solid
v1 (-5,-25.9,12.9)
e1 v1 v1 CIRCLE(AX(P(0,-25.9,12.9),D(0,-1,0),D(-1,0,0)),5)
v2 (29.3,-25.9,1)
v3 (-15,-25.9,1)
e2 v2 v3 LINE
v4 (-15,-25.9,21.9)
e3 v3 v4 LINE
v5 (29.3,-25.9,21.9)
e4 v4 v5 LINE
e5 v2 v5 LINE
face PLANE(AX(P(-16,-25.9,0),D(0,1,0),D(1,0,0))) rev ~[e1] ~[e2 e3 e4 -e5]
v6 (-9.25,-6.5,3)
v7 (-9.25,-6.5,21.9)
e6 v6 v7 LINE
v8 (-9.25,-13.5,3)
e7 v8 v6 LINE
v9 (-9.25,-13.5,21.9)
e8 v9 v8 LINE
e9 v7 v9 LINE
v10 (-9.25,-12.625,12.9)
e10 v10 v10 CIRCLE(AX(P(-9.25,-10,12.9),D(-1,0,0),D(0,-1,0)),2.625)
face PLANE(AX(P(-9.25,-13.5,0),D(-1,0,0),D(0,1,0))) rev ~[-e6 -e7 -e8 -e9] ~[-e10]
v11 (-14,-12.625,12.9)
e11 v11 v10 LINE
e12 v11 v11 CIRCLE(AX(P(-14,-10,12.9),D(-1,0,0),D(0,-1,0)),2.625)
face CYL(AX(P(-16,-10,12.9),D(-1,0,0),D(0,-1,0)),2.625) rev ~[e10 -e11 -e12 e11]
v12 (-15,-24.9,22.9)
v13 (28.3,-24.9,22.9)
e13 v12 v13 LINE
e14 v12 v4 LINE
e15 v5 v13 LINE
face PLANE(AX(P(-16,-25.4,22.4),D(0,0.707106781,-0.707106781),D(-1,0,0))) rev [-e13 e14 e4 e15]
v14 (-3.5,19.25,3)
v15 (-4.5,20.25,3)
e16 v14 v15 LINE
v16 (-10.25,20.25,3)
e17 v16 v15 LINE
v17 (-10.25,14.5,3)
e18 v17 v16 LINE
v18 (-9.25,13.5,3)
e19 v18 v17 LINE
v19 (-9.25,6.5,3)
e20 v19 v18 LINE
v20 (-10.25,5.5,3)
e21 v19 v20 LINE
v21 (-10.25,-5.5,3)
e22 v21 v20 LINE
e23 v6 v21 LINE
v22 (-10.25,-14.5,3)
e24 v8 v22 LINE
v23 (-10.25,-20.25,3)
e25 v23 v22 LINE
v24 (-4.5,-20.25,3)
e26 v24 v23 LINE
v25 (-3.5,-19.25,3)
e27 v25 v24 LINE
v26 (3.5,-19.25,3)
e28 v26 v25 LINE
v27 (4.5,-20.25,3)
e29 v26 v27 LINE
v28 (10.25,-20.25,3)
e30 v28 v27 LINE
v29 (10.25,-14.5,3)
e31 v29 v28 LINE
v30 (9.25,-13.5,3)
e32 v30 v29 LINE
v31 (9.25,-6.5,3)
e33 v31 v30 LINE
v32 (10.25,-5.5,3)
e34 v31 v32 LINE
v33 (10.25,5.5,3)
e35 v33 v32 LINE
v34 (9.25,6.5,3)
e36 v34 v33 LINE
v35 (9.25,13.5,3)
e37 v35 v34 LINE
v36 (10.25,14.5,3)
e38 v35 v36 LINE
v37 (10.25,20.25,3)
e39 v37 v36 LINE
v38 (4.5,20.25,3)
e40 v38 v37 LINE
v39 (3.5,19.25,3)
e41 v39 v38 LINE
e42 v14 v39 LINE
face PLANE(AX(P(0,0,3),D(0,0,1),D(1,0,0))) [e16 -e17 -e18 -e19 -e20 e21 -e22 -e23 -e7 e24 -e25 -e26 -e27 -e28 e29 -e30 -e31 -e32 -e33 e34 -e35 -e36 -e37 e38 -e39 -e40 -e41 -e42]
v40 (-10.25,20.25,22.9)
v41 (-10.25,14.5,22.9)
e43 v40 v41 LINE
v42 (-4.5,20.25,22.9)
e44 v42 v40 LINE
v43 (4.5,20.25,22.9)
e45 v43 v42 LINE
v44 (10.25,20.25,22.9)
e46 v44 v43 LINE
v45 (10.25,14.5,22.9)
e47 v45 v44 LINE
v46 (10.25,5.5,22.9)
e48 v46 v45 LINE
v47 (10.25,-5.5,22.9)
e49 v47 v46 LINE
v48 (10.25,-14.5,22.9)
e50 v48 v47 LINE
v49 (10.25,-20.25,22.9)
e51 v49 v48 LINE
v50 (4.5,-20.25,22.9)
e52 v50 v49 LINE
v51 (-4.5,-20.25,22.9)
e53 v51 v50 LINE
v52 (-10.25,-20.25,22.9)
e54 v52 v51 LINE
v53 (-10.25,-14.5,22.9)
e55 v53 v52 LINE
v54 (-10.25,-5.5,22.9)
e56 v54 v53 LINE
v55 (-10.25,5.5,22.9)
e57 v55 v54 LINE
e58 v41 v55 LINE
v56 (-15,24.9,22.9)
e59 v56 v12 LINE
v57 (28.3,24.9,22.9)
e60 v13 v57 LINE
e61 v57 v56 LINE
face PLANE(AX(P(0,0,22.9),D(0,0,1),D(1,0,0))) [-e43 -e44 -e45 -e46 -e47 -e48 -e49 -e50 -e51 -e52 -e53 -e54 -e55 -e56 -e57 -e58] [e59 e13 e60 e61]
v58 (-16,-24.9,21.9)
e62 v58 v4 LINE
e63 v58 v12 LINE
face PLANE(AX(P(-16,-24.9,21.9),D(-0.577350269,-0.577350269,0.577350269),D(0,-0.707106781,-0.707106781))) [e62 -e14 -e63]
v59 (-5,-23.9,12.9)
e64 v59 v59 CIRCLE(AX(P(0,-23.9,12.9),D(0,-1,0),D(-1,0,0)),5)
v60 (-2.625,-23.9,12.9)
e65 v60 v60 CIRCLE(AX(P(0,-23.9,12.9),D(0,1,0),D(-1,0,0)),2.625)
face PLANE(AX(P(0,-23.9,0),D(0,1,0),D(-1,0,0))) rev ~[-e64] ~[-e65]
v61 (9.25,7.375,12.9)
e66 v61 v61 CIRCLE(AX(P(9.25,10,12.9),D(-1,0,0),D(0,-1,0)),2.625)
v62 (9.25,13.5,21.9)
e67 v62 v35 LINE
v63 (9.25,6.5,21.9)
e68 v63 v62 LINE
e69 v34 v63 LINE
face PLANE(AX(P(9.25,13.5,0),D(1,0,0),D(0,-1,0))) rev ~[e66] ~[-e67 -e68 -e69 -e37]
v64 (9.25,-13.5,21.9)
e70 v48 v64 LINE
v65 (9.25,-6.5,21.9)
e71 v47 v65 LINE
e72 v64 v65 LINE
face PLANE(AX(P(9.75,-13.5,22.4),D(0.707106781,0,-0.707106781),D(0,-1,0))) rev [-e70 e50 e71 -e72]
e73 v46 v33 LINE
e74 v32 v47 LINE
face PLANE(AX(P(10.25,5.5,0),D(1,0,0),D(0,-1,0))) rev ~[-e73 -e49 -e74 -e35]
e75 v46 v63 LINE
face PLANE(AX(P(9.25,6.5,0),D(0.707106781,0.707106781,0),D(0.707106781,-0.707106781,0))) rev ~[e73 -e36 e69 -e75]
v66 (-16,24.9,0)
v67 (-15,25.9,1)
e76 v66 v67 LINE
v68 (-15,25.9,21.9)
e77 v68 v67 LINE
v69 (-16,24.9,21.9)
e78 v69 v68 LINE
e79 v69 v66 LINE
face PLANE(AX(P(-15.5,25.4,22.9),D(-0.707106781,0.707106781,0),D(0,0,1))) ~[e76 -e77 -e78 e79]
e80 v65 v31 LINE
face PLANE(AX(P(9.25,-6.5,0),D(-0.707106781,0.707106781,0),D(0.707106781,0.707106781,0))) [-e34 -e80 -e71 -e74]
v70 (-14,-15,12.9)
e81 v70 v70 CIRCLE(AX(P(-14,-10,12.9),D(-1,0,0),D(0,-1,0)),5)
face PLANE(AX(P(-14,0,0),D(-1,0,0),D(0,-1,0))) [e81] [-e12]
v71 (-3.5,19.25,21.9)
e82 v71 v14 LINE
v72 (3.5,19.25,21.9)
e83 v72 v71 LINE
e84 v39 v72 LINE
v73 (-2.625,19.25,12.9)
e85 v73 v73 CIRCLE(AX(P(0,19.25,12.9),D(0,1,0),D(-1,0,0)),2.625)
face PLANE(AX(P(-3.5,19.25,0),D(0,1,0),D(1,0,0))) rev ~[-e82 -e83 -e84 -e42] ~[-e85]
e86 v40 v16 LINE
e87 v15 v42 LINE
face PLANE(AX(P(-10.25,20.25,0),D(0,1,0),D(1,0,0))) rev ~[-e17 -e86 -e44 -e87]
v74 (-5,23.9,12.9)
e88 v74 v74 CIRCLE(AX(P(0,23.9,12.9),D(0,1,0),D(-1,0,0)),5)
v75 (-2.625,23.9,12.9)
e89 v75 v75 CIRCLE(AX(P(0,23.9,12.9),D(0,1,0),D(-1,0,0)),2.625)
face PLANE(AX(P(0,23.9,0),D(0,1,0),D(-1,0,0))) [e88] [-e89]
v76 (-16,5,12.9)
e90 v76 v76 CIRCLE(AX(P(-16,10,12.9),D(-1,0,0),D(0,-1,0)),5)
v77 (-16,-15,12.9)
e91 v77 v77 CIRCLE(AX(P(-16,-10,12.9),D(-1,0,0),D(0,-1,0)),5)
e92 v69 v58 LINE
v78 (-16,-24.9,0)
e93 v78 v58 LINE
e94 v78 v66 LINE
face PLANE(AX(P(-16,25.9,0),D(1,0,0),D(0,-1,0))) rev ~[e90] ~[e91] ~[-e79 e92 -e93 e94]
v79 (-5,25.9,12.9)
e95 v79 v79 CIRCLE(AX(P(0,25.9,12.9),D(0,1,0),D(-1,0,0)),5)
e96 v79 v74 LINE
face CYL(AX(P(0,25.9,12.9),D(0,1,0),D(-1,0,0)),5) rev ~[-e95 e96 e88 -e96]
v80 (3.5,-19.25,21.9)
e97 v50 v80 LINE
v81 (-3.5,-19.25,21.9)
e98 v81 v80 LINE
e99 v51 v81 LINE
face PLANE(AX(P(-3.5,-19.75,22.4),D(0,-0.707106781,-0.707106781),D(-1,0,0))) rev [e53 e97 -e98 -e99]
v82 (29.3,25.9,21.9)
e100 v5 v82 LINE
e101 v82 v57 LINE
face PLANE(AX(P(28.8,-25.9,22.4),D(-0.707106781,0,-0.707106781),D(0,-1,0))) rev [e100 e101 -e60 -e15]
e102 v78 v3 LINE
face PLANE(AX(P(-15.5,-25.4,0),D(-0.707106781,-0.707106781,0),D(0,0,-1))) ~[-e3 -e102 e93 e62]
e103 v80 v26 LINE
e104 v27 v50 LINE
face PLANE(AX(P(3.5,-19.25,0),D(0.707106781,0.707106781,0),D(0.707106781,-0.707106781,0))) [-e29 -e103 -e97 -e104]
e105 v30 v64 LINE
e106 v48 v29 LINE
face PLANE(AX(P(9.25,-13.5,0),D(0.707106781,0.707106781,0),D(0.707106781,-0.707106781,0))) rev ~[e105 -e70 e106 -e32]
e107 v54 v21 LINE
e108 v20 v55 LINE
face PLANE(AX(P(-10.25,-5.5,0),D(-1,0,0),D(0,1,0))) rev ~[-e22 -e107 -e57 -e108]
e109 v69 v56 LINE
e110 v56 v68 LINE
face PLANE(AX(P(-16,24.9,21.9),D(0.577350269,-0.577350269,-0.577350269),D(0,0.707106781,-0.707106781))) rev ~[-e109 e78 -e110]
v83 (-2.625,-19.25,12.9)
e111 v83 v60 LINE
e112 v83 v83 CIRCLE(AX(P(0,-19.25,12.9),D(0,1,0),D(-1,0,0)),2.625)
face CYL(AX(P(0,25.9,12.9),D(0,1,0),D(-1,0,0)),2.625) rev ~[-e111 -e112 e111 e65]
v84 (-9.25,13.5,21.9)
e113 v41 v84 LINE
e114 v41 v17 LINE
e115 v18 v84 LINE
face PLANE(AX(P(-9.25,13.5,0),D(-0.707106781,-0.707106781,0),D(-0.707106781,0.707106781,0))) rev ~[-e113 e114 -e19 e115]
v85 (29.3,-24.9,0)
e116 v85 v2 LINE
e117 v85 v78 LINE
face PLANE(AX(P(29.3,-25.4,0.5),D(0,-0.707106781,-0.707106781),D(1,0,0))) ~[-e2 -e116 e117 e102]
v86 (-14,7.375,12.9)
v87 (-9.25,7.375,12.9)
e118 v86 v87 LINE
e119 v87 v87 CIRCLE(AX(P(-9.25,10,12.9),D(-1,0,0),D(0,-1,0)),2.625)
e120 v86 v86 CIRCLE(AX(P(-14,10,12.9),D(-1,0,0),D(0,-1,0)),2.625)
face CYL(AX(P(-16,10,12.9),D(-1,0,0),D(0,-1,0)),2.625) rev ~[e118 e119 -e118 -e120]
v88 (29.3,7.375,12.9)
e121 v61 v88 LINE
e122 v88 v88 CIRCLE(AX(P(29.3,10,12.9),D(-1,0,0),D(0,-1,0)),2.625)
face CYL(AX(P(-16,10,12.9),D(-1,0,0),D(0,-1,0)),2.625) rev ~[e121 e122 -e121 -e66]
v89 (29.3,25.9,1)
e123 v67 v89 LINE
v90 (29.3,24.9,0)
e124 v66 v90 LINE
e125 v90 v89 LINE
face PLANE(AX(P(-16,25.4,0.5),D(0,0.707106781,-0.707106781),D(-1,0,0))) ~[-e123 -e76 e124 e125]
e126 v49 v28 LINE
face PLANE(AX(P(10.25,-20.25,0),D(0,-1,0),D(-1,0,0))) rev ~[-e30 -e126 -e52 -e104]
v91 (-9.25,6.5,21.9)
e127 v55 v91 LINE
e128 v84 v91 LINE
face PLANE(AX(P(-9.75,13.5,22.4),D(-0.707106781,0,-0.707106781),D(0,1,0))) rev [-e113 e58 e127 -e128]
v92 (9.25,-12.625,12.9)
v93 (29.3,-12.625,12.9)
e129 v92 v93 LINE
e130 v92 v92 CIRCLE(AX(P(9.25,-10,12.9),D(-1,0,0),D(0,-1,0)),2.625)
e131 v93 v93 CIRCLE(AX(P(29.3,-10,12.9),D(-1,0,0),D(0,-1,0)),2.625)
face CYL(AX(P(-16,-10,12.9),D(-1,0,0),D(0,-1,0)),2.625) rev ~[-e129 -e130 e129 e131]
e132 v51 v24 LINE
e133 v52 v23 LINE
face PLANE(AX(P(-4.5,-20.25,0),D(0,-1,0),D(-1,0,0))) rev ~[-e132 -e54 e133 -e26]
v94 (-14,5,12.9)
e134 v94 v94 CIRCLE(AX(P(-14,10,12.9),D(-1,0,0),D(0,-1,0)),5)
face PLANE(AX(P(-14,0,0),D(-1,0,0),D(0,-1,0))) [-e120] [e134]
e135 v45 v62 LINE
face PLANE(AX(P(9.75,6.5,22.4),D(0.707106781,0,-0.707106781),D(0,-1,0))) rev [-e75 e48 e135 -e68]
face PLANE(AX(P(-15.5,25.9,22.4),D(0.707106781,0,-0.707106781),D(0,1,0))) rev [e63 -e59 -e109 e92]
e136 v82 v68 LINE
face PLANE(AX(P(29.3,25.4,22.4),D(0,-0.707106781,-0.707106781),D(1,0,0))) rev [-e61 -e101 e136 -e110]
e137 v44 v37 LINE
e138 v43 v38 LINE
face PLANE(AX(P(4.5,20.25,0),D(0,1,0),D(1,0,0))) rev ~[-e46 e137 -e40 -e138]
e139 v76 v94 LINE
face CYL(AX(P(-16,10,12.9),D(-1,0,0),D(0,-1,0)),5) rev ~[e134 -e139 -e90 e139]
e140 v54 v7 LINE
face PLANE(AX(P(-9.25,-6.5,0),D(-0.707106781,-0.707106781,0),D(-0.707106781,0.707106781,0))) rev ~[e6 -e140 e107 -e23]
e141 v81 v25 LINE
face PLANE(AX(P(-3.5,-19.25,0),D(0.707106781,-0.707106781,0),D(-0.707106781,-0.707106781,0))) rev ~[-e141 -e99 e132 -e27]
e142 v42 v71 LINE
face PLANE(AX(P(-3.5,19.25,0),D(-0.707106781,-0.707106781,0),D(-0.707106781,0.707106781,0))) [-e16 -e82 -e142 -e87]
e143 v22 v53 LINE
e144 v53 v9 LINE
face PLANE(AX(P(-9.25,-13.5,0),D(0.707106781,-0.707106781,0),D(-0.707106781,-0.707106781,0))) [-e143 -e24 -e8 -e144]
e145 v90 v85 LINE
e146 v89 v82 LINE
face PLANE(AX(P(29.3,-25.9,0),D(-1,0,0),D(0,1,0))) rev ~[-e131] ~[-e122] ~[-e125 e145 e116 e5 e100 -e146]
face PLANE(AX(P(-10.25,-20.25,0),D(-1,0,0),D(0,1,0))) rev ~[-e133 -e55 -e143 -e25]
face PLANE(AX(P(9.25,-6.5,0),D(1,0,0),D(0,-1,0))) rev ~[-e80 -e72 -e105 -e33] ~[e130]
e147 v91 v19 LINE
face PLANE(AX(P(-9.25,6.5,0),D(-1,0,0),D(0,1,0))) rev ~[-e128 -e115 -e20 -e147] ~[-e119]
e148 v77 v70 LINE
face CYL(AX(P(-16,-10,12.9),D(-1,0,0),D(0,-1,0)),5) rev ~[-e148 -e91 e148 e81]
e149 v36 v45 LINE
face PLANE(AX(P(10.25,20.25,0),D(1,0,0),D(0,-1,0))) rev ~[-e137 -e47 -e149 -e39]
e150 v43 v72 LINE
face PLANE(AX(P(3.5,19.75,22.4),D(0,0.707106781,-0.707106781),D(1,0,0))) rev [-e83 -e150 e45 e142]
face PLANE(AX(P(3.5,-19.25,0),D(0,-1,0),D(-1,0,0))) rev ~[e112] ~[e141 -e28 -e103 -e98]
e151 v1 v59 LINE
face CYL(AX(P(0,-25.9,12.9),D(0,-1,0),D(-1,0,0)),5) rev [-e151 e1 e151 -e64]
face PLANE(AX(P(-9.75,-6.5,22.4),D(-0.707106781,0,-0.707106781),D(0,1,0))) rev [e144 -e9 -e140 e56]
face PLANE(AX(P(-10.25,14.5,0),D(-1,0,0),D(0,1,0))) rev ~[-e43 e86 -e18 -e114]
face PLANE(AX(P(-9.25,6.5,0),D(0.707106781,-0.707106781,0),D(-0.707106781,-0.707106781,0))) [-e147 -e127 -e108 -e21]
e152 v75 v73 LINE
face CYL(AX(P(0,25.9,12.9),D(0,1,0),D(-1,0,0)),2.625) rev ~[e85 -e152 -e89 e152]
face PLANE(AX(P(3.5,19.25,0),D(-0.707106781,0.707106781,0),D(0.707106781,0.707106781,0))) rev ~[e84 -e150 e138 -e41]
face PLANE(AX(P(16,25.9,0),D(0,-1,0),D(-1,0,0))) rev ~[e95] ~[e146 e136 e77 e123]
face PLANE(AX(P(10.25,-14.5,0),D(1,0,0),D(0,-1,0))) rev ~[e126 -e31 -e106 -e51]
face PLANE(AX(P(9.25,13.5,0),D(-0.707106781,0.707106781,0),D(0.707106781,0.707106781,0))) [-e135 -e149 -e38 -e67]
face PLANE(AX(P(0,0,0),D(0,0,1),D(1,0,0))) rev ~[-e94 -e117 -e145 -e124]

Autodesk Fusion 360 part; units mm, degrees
sketch "Main Profile" plane through (0, 0, 0) normal (0, 0, 1) x (1, 0, 0)
  line L0 (10.25, -20.25) -> (-10.25, -20.25)
  line L1 (-10.25, -20.25) -> (-10.25, 20.25)
  line L2 (-10.25, 20.25) -> (10.25, 20.25)
  line L3 (10.25, 20.25) -> (10.25, -20.25)
  line L4 (10.25, -20.25) -> (-10.25, 20.25) construction
  line L5 (-10.25, -20.25) -> (10.25, 20.25) construction
  line L6 (-16, -25.9) -> (16, -25.9)
  line L7 (16, -25.9) -> (16, 25.9)
  line L8 (16, 25.9) -> (-16, 25.9)
  line L9 (-16, 25.9) -> (-16, -25.9)
  line L10 (-16, -25.9) -> (16, 25.9) construction
  line L11 (16, -25.9) -> (-16, 25.9) construction
  line L12 (-3.5, 19.25) -> (3.5, 19.25)
  line L13 (3.5, 19.25) -> (4.5, 20.25)
  line L14 (-3.5, 19.25) -> (-4.5, 20.25)
  line L15 (0, 20.25) -> (0, 19.25) construction
  line L16 (-9.25, 6.5) -> (-9.25, 13.5)
  line L17 (-9.25, 13.5) -> (-10.25, 14.5)
  line L18 (-9.25, 6.5) -> (-10.25, 5.5)
  line L19 (9.25, 13.5) -> (9.25, 6.5)
  line L20 (9.25, 6.5) -> (10.25, 5.5)
  line L21 (9.25, 13.5) -> (10.25, 14.5)
  line L22 (9.25, -13.5) -> (10.25, -14.5)
  line L23 (9.25, -6.5) -> (9.25, -13.5)
  line L24 (9.25, -6.5) -> (10.25, -5.5)
  line L25 (3.5, -19.25) -> (4.5, -20.25)
  line L26 (3.5, -19.25) -> (-3.5, -19.25)
  line L27 (-3.5, -19.25) -> (-4.5, -20.25)
  line L28 (-9.25, -13.5) -> (-10.25, -14.5)
  line L29 (-9.25, -13.5) -> (-9.25, -6.5)
  line L30 (-9.25, -6.5) -> (-10.25, -5.5)
  point P0 (0, 10)
  dimension "d1" = 40.5
  dimension "d2" = 20.5
  dimension "d3" = 32
  dimension "d4" = 51.8
  dimension "d5" = 1
  dimension "d6" = 135
  dimension "d7" = 7
  dimension "d8" = 135
  dimension "d9" = 10.25
  dimension "d11" = 360
  dimension "d13" = 360
extrude "Extrude1" add sketch "Main Profile" along normal blind 3 contours L0 L1 L2 L3 L12 L13 L14 L16 L17 L18 L19 L20 L21 L22 L23 L24 L25 L26 L27 L28 L29 L30 | L0 L25 L26 L27 | L3 L22 L23 L24 | L3 L19 L20 L21 | L1 L28 L29 L30 | L1 L16 L17 L18 | L2 L12 L13 L14 | L6 L7 L8 L9
extrude "Extrude2" add sketch "Main Profile" along normal blind 22.9 contours L0 L25 L26 L27 | L3 L22 L23 L24 | L3 L19 L20 L21 | L1 L28 L29 L30 | L1 L16 L17 L18 | L2 L12 L13 L14 | L6 L7 L8 L9
sketch "Short Side" plane through (0, 25.9, 0) normal (0, 1, 0) x (-1, 0, 0)
  line L0 (-16, 0) -> (16, 0)
  line L1 (16, 0) -> (16, 22.9)
  line L2 (16, 22.9) -> (-16, 22.9)
  line L3 (-16, 22.9) -> (-16, 0)
  circle A0 centre (0, 12.9) radius 5
  circle A1 centre (0, 12.9) radius 2.625
  dimension "d18" = 10
  dimension "d19" = 5.25
  dimension "d20" = 12.9
extrude "Extrude3" cut sketch "Short Side" against normal blind 63.819 contours A1
extrude "Extrude4" cut sketch "Short Side" against normal blind 2 contours A0
extrude "Extrude5" cut sketch "Short Side" along normal blind 2 from surface at -51.8 contours A0
sketch "Long Side" plane through (-16, 0, 0) normal (-1, 0, 0) x (0, -1, 0)
  line L0 (-25.9, 0) -> (25.9, 0)
  line L1 (25.9, 0) -> (25.9, 22.9)
  line L2 (25.9, 22.9) -> (-25.9, 22.9)
  line L3 (-25.9, 22.9) -> (-25.9, 0)
  circle A0 centre (-10, 12.9) radius 5
  circle A1 centre (-10, 12.9) radius 2.625
  circle A2 centre (10, 12.9) radius 5
  circle A3 centre (10, 12.9) radius 2.625
  dimension "d28" = 10
  dimension "d29" = 5.25
  dimension "d30" = 10
  dimension "d31" = 12.9
  dimension "d34" = 20
  dimension "d35" = 0
extrude "Extrude6" cut sketch "Long Side" against normal blind 62.946 contours A1 | A3
extrude "Extrude7" cut sketch "Long Side" against normal blind 2 contours A0 | A2
move_face "OffsetFaces1" offset 13.3 1 faces at (16, -21.4652, 11.8029)
chamfer "Chamfer1" distance 1 angle 45 14 edges at (9.25, 10, 22.9) (9.25, -10, 22.9) (-9.25, -10, 22.9) (0, -19.25, 22.9) (-9.25, 10, 22.9) (0, 19.25, 22.9) (6.65, 25.9, 22.9) (29.3, 0, 22.9) (6.65, -25.9, 22.9) (-16, 0, 22.9) (-16, -25.9, 11.45) (-16, 25.9, 11.45) (6.65, -25.9, 0) (6.65, 25.9, 0)
